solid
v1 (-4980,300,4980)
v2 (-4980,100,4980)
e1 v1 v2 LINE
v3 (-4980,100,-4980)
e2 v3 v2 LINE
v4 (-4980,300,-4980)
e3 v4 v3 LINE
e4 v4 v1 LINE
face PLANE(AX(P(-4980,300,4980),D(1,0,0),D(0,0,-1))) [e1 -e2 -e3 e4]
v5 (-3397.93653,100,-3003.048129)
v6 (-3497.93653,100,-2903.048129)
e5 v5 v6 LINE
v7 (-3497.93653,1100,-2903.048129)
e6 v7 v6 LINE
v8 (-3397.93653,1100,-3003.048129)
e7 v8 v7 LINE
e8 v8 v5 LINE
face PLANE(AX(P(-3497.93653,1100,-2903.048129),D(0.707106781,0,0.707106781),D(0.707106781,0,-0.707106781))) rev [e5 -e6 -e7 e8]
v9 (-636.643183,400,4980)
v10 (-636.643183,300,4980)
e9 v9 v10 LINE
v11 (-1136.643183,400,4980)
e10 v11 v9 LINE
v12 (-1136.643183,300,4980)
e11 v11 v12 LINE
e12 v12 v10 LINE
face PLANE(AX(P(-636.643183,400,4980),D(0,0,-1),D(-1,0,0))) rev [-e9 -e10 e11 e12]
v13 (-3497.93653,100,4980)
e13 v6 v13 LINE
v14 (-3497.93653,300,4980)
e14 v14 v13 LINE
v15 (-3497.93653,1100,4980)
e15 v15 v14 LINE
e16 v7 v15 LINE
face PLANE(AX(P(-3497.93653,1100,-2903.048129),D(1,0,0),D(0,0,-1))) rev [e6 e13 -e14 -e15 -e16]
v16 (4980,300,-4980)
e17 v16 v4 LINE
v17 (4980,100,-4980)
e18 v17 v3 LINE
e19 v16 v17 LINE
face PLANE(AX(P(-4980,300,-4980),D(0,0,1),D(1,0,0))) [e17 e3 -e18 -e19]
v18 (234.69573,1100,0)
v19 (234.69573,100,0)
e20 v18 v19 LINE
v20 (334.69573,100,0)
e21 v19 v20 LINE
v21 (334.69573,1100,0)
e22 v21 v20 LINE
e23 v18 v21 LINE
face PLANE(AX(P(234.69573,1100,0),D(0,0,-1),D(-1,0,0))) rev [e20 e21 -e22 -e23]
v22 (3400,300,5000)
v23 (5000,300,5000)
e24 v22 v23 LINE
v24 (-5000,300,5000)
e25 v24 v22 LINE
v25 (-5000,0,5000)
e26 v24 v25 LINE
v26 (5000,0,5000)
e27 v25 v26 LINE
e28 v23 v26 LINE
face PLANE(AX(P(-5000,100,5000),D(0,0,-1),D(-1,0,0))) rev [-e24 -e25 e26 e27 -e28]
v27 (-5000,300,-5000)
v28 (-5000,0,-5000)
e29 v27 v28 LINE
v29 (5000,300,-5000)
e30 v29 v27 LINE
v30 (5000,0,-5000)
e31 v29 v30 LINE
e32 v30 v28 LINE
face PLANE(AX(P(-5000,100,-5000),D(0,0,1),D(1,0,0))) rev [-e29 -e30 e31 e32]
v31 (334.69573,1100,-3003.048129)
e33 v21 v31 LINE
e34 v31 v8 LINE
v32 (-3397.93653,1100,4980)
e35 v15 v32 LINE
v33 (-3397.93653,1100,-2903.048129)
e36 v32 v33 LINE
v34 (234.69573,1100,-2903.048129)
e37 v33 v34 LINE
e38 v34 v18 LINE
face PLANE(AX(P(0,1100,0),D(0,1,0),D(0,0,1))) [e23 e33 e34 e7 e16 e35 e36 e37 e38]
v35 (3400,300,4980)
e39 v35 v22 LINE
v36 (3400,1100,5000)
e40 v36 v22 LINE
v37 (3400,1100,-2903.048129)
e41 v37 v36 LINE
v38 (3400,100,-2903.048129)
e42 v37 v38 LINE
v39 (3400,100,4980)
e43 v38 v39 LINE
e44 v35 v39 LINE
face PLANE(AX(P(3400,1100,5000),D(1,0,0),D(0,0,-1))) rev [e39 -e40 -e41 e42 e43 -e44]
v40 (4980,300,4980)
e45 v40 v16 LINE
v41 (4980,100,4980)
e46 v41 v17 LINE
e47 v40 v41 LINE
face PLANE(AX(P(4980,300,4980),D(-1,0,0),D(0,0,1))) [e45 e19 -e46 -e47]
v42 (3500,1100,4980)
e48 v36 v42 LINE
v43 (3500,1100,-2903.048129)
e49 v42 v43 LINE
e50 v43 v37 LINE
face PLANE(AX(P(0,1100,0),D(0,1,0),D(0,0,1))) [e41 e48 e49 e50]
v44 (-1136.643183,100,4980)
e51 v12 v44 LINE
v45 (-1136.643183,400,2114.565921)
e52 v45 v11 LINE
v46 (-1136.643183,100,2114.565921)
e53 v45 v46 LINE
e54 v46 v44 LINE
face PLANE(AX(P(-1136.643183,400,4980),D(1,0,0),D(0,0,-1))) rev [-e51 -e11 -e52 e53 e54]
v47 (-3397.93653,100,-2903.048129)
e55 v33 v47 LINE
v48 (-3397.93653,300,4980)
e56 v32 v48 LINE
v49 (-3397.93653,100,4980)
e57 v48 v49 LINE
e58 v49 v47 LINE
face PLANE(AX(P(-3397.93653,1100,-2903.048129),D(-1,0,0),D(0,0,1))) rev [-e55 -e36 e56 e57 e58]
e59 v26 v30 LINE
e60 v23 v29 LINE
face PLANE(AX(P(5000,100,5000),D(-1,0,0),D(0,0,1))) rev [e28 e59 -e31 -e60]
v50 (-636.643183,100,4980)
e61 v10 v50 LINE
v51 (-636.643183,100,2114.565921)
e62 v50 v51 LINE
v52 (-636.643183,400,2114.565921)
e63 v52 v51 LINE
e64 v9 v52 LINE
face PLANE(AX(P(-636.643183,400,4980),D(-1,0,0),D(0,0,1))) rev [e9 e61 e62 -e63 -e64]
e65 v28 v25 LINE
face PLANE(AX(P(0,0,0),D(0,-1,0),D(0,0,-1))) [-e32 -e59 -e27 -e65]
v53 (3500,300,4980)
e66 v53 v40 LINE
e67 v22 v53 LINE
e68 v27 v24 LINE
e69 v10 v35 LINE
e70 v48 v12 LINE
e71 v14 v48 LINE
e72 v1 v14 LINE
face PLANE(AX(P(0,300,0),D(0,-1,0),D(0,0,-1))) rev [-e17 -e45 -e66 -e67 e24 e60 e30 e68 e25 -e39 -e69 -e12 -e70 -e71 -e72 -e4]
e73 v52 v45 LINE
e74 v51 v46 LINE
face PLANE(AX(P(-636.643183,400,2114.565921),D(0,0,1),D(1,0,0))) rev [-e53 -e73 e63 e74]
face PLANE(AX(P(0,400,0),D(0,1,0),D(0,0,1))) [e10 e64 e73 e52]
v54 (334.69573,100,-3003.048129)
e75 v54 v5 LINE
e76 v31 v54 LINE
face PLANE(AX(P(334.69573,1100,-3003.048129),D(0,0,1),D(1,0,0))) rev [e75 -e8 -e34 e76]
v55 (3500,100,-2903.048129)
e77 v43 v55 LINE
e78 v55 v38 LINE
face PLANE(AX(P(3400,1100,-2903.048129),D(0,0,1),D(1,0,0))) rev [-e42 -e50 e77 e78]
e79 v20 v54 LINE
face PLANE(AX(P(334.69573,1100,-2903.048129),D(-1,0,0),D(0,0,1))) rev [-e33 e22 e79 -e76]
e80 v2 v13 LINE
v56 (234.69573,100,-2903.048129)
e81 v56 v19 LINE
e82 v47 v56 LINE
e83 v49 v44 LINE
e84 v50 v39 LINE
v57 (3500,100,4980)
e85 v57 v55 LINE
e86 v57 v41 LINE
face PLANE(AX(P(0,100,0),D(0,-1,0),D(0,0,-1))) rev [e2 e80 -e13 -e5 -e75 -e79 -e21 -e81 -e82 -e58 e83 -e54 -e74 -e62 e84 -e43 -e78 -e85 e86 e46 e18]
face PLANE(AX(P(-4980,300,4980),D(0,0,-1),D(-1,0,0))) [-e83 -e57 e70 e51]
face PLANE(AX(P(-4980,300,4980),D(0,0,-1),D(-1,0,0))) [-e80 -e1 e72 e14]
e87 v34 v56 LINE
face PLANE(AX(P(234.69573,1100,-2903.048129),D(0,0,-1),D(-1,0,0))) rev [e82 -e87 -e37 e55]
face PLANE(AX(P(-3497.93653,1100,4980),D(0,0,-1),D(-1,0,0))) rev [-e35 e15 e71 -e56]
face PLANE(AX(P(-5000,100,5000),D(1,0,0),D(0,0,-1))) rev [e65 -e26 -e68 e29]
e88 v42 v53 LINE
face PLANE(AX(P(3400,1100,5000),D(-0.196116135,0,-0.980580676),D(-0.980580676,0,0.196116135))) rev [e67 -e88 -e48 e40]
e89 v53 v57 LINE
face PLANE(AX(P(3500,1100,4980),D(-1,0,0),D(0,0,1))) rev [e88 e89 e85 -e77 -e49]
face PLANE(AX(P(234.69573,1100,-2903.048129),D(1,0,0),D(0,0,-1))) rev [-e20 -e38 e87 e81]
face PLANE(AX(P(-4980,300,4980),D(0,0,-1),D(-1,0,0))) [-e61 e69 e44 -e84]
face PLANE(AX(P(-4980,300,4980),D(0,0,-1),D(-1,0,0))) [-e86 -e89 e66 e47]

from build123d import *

# Parameters (mm, degrees)
SKETCH1_W           = 10000
SKETCH1_H           = 10000
BOSS_EXTRUDE1_DEPTH = 100
SKETCH2_W           = 10000
SKETCH2_H           = 10000
SKETCH2_W_2         = 9960
SKETCH2_H_2         = 9960
BOSS_EXTRUDE2_DEPTH = 200
BOSS_EXTRUDE3_DEPTH = 1000
SKETCH6_W           = 500
SKETCH6_H           = 2865.434079215
BOSS_EXTRUDE4_DEPTH = 300


with BuildPart() as part:
    # Sketch1 → Boss-Extrude1 (new body)
    with BuildSketch(Plane(origin=(0, 0, 0), x_dir=(1, 0, 0), z_dir=(0, 1, 0))):
        Rectangle(SKETCH1_W, SKETCH1_H)
    extrude(amount=BOSS_EXTRUDE1_DEPTH)

    # Sketch2 → Boss-Extrude2 (add)
    with BuildSketch(Plane(origin=(0, 100, 0), x_dir=(1, 0, 0), z_dir=(0, 1, 0))):
        Rectangle(SKETCH2_W, SKETCH2_H)
        Rectangle(SKETCH2_W_2, SKETCH2_H_2, mode=Mode.SUBTRACT)
    extrude(amount=BOSS_EXTRUDE2_DEPTH)

    # Sketch5 → Boss-Extrude3 (add)
    with BuildSketch(Plane(origin=(0, 100, 0), x_dir=(1, 0, 0), z_dir=(0, 1, 0))):
        Polygon((3500, -4980), (3500, 2903.048128535), (3400, 2903.048128535), (3400, -5000), align=None)
        Polygon((334.695730022, 3003.048128535), (-3397.936530428, 3003.048128535), (-3497.936530428, 2903.048128535), (-3497.936530428, -4980), (-3397.936530428, -4980), (-3397.936530428, 2903.048128535), (234.695730022, 2903.048128535), (234.695730022, 0), (334.695730022, 0), (334.695730022, 2903.048128535), align=None)
    extrude(amount=BOSS_EXTRUDE3_DEPTH)

    # Sketch6 → Boss-Extrude4 (add)
    with BuildSketch(Plane(origin=(0, 100, 0), x_dir=(1, 0, 0), z_dir=(0, 1, 0))):
        with Locations((-886.643182601, -3547.282960393)):
            Rectangle(SKETCH6_W, SKETCH6_H)
    extrude(amount=BOSS_EXTRUDE4_DEPTH)


solid = part.part
